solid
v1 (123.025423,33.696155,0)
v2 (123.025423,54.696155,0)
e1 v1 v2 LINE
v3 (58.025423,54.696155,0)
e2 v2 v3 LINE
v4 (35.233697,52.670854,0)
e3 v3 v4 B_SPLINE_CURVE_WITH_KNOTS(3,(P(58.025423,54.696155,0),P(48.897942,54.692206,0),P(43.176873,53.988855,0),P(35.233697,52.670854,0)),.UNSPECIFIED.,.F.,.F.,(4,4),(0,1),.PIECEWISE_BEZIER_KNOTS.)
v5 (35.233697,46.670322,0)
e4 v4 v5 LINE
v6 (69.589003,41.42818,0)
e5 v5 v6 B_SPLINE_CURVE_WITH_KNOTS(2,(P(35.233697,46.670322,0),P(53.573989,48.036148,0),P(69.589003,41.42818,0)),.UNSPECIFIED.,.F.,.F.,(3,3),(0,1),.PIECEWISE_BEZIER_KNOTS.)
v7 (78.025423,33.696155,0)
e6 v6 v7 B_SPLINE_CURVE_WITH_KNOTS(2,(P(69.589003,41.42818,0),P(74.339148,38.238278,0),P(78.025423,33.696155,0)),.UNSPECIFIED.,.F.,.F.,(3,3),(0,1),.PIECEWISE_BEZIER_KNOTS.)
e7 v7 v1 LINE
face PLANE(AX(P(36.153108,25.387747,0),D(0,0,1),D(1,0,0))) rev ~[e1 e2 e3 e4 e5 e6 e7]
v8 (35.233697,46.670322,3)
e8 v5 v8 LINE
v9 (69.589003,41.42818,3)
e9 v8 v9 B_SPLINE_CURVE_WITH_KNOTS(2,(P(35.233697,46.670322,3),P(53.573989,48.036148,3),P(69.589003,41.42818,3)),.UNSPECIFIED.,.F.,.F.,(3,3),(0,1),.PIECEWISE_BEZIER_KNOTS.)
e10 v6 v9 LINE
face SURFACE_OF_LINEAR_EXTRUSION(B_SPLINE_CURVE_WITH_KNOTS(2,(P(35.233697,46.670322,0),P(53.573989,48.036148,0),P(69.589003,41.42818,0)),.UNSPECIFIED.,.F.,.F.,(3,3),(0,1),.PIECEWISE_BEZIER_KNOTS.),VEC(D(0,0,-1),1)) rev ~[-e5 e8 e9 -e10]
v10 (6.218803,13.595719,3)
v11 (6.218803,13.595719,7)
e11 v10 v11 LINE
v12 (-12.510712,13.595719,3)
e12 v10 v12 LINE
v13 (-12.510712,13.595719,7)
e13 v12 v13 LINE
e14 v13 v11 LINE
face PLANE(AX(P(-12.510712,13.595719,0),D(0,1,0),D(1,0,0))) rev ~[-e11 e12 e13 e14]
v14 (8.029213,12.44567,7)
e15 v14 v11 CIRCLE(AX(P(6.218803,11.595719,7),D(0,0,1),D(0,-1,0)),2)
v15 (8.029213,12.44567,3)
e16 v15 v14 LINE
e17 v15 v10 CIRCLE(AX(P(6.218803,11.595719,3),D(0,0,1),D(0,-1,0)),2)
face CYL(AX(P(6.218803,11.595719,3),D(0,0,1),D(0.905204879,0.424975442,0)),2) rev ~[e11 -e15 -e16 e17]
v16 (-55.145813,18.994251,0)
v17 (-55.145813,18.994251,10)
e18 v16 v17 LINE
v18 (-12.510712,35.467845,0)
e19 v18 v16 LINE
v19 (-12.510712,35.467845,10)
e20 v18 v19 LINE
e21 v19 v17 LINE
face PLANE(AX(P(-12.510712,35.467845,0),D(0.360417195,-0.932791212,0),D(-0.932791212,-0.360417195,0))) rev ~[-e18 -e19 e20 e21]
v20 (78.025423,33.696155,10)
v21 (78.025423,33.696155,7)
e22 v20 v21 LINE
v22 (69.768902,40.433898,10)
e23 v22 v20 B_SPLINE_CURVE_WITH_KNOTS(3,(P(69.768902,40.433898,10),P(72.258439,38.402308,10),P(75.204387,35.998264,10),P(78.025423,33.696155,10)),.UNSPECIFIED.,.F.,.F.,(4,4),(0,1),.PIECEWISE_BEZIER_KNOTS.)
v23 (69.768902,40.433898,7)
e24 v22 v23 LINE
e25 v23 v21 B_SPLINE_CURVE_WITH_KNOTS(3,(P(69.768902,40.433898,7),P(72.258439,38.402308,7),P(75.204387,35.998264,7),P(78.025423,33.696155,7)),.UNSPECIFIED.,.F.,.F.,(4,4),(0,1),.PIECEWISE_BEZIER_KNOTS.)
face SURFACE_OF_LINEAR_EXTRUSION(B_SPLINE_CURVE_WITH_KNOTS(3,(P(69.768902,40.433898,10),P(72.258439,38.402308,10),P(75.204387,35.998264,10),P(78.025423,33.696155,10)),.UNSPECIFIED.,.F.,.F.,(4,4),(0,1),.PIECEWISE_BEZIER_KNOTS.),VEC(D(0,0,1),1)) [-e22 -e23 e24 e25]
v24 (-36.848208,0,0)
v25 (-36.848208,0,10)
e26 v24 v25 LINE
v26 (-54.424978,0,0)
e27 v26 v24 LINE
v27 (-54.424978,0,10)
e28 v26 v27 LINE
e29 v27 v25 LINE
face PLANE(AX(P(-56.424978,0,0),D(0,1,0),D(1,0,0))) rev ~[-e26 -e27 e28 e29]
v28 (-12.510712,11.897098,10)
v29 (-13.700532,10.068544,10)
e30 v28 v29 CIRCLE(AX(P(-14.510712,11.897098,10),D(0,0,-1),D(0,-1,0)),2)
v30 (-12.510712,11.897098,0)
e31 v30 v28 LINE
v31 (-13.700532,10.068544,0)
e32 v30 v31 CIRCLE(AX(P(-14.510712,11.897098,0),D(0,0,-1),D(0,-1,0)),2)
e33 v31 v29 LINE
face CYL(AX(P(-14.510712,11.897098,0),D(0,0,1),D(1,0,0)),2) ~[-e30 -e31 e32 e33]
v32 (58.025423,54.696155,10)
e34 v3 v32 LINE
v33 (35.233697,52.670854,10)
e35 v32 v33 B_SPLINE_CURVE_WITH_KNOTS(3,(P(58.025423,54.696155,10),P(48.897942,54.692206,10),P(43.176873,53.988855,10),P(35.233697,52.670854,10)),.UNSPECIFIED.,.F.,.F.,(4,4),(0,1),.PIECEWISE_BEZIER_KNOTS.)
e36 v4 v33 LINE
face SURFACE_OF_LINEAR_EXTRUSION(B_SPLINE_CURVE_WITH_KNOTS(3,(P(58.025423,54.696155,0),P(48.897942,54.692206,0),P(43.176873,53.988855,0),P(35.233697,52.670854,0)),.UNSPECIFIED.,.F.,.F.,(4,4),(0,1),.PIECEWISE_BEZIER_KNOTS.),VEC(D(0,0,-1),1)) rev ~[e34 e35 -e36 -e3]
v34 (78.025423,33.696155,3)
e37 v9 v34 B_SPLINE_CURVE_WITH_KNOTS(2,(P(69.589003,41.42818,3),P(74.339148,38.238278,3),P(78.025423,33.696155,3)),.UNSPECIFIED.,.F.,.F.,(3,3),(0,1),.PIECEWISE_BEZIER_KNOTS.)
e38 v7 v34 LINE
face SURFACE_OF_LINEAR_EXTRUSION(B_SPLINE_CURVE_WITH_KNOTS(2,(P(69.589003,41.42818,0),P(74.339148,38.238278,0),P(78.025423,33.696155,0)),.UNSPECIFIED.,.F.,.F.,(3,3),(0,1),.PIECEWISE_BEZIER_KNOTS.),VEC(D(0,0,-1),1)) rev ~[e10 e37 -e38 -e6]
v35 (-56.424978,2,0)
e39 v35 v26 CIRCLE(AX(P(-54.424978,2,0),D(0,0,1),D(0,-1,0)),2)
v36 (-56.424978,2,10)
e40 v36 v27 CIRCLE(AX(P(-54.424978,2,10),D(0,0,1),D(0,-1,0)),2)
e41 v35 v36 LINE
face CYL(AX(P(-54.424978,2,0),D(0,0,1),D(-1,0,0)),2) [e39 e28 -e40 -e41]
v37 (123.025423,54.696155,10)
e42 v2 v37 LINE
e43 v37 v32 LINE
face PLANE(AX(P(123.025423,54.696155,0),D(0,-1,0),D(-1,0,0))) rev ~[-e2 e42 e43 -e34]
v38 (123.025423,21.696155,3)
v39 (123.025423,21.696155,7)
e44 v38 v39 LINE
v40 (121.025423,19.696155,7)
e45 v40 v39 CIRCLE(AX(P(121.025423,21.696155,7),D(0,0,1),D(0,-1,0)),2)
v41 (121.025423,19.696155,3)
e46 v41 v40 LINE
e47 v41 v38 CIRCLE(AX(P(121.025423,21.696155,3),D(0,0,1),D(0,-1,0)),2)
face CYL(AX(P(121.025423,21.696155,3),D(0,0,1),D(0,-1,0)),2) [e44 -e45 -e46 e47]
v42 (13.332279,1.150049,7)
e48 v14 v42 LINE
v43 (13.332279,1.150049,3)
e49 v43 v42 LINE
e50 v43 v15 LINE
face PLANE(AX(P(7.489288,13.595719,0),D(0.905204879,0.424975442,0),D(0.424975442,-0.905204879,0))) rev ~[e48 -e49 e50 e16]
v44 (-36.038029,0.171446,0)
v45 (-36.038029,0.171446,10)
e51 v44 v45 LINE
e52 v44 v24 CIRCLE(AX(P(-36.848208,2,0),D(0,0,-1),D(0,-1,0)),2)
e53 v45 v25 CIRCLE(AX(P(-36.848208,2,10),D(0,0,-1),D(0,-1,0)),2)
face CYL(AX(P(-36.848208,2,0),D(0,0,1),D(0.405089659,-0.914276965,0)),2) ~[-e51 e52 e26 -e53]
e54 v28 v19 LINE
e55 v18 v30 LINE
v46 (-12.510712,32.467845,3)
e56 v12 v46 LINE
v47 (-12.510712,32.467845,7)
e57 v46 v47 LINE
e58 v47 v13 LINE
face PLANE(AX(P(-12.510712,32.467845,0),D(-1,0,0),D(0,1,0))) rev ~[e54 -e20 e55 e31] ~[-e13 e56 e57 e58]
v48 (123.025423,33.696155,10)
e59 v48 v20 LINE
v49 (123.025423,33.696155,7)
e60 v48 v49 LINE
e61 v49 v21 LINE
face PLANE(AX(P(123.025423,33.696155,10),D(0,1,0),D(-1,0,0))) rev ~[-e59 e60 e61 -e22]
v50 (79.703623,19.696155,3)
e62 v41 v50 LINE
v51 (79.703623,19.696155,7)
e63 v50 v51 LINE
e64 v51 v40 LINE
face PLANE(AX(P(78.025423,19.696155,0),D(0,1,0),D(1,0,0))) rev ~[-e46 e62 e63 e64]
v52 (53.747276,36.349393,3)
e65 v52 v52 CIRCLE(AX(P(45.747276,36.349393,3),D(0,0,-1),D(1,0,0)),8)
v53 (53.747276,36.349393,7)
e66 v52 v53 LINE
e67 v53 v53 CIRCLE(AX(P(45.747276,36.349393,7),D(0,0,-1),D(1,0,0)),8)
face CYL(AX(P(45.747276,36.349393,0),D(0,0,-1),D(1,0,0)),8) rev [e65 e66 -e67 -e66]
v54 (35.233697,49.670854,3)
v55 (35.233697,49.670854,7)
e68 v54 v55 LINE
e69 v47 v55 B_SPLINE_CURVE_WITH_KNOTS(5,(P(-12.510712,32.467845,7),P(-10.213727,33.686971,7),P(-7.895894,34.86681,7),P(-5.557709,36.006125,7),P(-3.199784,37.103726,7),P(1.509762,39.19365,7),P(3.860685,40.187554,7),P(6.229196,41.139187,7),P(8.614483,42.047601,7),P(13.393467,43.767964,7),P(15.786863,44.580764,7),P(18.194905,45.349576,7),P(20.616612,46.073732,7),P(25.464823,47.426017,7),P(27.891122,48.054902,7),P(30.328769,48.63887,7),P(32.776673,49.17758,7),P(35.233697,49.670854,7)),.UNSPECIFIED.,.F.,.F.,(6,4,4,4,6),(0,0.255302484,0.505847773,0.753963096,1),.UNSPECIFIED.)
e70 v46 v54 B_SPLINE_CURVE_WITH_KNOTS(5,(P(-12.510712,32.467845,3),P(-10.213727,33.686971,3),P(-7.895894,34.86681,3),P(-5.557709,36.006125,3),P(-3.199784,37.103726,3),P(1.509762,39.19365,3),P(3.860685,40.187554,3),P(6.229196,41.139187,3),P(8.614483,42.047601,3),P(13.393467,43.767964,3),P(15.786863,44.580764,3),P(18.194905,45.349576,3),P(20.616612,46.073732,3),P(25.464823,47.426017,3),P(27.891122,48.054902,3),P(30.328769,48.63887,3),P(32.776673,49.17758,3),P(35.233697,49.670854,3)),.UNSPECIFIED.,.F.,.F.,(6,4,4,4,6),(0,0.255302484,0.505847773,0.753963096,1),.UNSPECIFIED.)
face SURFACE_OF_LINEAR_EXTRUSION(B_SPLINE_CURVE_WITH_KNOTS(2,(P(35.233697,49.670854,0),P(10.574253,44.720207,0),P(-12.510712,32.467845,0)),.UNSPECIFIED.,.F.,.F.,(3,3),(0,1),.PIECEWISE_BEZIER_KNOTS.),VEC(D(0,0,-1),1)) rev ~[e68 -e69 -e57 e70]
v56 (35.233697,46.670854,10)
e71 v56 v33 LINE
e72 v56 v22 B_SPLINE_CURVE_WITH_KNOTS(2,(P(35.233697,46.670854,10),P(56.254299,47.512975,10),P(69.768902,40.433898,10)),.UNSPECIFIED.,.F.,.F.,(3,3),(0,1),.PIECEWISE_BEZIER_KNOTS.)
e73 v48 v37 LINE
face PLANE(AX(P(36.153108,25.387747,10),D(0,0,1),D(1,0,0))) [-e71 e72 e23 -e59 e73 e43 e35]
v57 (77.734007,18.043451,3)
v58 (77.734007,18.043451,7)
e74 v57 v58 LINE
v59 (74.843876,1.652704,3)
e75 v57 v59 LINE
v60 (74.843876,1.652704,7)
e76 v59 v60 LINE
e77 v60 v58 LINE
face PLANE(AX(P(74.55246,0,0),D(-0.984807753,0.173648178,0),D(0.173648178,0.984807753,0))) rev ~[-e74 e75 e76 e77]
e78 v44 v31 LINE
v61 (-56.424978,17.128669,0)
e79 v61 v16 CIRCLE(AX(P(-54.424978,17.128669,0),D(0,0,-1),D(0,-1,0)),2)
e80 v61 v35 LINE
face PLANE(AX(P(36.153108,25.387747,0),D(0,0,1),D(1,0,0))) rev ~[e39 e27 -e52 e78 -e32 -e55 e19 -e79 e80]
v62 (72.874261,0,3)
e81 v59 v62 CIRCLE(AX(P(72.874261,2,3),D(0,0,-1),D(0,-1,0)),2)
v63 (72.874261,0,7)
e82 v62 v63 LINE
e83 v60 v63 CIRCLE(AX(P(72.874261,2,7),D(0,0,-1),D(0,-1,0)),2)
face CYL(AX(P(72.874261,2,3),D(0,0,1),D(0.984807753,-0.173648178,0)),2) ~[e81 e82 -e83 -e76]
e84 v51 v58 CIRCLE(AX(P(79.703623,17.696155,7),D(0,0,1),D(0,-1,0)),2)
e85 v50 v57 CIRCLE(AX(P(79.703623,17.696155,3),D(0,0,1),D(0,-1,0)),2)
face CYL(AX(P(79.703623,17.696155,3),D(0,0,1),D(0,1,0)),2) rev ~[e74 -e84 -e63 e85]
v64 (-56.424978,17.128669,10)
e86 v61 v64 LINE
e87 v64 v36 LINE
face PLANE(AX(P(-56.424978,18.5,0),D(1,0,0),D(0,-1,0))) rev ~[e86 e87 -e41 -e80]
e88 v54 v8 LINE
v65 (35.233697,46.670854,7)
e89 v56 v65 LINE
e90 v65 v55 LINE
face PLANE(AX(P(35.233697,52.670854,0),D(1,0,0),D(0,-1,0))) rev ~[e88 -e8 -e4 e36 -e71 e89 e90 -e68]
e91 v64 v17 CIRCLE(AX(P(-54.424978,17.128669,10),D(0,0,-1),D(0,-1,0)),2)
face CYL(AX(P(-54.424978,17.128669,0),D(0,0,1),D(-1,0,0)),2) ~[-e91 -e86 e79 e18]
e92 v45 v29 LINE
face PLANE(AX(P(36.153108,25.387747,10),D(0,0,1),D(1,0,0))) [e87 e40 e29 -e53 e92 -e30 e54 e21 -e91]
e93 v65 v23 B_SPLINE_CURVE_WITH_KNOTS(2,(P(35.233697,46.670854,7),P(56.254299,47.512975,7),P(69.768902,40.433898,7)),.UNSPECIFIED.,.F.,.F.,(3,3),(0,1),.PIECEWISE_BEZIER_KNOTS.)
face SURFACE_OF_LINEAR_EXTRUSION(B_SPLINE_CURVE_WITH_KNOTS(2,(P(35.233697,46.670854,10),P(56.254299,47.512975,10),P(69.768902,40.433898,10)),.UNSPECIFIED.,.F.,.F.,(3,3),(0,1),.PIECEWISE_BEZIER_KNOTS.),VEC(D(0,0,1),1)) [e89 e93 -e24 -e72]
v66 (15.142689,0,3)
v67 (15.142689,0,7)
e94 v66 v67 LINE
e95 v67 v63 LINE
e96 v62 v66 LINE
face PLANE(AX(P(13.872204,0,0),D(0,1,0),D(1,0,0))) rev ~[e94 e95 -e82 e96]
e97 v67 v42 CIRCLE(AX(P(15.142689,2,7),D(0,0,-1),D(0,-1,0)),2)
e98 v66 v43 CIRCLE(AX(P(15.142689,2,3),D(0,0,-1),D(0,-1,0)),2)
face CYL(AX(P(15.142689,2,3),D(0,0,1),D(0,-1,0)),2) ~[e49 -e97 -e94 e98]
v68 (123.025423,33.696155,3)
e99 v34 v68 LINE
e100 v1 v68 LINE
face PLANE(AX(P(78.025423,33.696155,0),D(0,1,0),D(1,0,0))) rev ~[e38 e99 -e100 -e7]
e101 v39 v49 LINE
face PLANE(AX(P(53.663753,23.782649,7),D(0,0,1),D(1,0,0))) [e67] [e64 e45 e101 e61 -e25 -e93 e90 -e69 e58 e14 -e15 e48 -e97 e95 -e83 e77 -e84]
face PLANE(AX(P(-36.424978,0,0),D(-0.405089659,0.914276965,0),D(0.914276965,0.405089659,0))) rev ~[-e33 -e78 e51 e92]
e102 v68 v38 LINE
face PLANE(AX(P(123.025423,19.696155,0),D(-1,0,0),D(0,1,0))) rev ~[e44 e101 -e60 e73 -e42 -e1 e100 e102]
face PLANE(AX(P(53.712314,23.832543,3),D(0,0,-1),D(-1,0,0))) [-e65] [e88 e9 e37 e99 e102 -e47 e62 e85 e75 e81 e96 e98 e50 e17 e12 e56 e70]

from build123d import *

# Parameters (mm, degrees)
SKETCH_1_R          = 8
EXTRUDE_1_DEPTH     = 10
CUT_EXTRUDE_2_DEPTH = 3
CUT_EXTRUDE_3_DEPTH = 3
FILLET_1_R          = 2


with BuildPart() as part:
    # 草图1 → 凸台-拉伸1 (new body)
    with BuildSketch(Plane.XY):
        with BuildLine():
            Line((-56.424978154, 18.5), (-56.424978154, 0))
            Line((-56.424978154, 0), (-36.424978154, 0))
            Line((-36.424978154, 0), (-12.510711799, 10.595719206))
            Line((-12.510711799, 10.595719206), (-12.510711799, 13.595719206))
            Line((-12.510711799, 13.595719206), (7.489288201, 13.595719206))
            Line((7.489288201, 13.595719206), (13.872204282, 0))
            Line((13.872204282, 0), (74.552459824, 0))
            Line((74.552459824, 0), (78.025423377, 19.69615506))
            Line((78.025423377, 19.69615506), (123.025423377, 19.69615506))
            Line((123.025423377, 19.69615506), (123.025423377, 54.69615506))
            Line((123.025423377, 54.69615506), (58.025423377, 54.69615506))
            add(Edge.make_bspline(
                [(58.025423377, 54.69615506), (48.897941568, 54.692205697), (43.17687282, 53.988854745), (35.233696766, 52.670853795)],
                knots=[0, 0, 0, 0, 1, 1, 1, 1], degree=3))
            Line((35.233696766, 52.670853795), (35.233696766, 49.670853795))
            add(Edge.make_bspline(
                [(35.233696766, 49.670853795), (10.57425282, 44.720207412), (-12.510711799, 32.467844976)],
                knots=[0, 0, 0, 1, 1, 1], degree=2))
            Line((-12.510711799, 32.467844976), (-12.510711799, 35.467844976))
            Line((-12.510711799, 35.467844976), (-56.424978154, 18.5))
        make_face()
        with Locations((45.747275879, 36.3493933)):
            Circle(SKETCH_1_R, mode=Mode.SUBTRACT)
    extrude(amount=EXTRUDE_1_DEPTH)

    # 草图2 → 切除-拉伸2 (cut)
    with BuildSketch(Plane.XY.offset(10)):
        with BuildLine():
            Line((-12.510711799, 32.467844976), (-12.510711799, 13.595719206))
            Line((-12.510711799, 13.595719206), (7.489288201, 13.595719206))
            Line((7.489288201, 13.595719206), (13.872204282, 0))
            Line((13.872204282, 0), (74.552459824, 0))
            Line((74.552459824, 0), (78.025423377, 19.69615506))
            Line((78.025423377, 19.69615506), (123.025423377, 19.69615506))
            Line((123.025423377, 19.69615506), (123.025423377, 33.69615506))
            Line((123.025423377, 33.69615506), (78.025423377, 33.69615506))
            add(Edge.make_bspline(
                [(69.768901699, 40.433897673), (72.258439371, 38.402308014), (75.204387373, 35.998264258), (78.025423377, 33.69615506)],
                knots=[0, 0, 0, 0, 1, 1, 1, 1], degree=3))
            add(Edge.make_bspline(
                [(35.233696766, 46.670853795), (56.25429865, 47.512975461), (69.768901699, 40.433897673)],
                knots=[0, 0, 0, 1, 1, 1], degree=2))
            Line((35.233696766, 46.670853795), (35.233696766, 49.670853795))
            add(Edge.make_bspline(
                [(-12.510711799, 32.467844976), (10.107568712, 45.643152542), (35.233696766, 49.670853795)],
                knots=[0, 0, 0, 1, 1, 1], degree=2))
        make_face()
    extrude(amount=-CUT_EXTRUDE_2_DEPTH, mode=Mode.SUBTRACT)

    # 草图3 → 切除-拉伸3 (cut)
    with BuildSketch(Plane(origin=(0, 0, 0), x_dir=(-1, 0, 0), z_dir=(0, 0, -1))):
        with BuildLine():
            Line((-123.025423377, 19.69615506), (-78.025423377, 19.69615506))
            Line((-78.025423377, 19.69615506), (-74.552459824, 0))
            Line((-74.552459824, 0), (-13.872204282, 0))
            Line((-13.872204282, 0), (-7.489288201, 13.595719206))
            Line((-7.489288201, 13.595719206), (12.510711799, 13.595719206))
            Line((12.510711799, 13.595719206), (12.510711799, 32.467844976))
            add(Edge.make_bspline(
                [(-35.233696766, 49.670853795), (-9.646215757, 44.931714493), (12.510711799, 32.467844976)],
                knots=[0, 0, 0, 1, 1, 1], degree=2))
            Line((-35.233696766, 49.670853795), (-35.233696766, 46.670322435))
            add(Edge.make_bspline(
                [(-35.233696766, 46.670322435), (-53.573988888, 48.036148069), (-69.589003354, 41.428180454)],
                knots=[0, 0, 0, 1, 1, 1], degree=2))
            add(Edge.make_bspline(
                [(-69.589003354, 41.428180454), (-74.339147925, 38.238278194), (-78.025423377, 33.69615506)],
                knots=[0, 0, 0, 1, 1, 1], degree=2))
            Line((-78.025423377, 33.69615506), (-123.025423377, 33.69615506))
            Line((-123.025423377, 33.69615506), (-123.025423377, 19.69615506))
        make_face()
    extrude(amount=-CUT_EXTRUDE_3_DEPTH, mode=Mode.SUBTRACT)

    # 圆角1
    fillet_1_edges = [part.edges().sort_by_distance(p)[0] for p in [
        (-12.510711799, 10.595719206, 5),
        (-36.424978154, 0, 5),
        (-56.424978154, 0, 5),
        (-56.424978154, 18.5, 5),
        (123.025423377, 19.69615506, 5),
        (78.025423377, 19.69615506, 5),
        (74.552459824, 0, 5),
        (13.872204282, 0, 5),
        (7.489288201, 13.595719206, 5),
    ]]
    fillet(fillet_1_edges, radius=FILLET_1_R)


solid = part.part
